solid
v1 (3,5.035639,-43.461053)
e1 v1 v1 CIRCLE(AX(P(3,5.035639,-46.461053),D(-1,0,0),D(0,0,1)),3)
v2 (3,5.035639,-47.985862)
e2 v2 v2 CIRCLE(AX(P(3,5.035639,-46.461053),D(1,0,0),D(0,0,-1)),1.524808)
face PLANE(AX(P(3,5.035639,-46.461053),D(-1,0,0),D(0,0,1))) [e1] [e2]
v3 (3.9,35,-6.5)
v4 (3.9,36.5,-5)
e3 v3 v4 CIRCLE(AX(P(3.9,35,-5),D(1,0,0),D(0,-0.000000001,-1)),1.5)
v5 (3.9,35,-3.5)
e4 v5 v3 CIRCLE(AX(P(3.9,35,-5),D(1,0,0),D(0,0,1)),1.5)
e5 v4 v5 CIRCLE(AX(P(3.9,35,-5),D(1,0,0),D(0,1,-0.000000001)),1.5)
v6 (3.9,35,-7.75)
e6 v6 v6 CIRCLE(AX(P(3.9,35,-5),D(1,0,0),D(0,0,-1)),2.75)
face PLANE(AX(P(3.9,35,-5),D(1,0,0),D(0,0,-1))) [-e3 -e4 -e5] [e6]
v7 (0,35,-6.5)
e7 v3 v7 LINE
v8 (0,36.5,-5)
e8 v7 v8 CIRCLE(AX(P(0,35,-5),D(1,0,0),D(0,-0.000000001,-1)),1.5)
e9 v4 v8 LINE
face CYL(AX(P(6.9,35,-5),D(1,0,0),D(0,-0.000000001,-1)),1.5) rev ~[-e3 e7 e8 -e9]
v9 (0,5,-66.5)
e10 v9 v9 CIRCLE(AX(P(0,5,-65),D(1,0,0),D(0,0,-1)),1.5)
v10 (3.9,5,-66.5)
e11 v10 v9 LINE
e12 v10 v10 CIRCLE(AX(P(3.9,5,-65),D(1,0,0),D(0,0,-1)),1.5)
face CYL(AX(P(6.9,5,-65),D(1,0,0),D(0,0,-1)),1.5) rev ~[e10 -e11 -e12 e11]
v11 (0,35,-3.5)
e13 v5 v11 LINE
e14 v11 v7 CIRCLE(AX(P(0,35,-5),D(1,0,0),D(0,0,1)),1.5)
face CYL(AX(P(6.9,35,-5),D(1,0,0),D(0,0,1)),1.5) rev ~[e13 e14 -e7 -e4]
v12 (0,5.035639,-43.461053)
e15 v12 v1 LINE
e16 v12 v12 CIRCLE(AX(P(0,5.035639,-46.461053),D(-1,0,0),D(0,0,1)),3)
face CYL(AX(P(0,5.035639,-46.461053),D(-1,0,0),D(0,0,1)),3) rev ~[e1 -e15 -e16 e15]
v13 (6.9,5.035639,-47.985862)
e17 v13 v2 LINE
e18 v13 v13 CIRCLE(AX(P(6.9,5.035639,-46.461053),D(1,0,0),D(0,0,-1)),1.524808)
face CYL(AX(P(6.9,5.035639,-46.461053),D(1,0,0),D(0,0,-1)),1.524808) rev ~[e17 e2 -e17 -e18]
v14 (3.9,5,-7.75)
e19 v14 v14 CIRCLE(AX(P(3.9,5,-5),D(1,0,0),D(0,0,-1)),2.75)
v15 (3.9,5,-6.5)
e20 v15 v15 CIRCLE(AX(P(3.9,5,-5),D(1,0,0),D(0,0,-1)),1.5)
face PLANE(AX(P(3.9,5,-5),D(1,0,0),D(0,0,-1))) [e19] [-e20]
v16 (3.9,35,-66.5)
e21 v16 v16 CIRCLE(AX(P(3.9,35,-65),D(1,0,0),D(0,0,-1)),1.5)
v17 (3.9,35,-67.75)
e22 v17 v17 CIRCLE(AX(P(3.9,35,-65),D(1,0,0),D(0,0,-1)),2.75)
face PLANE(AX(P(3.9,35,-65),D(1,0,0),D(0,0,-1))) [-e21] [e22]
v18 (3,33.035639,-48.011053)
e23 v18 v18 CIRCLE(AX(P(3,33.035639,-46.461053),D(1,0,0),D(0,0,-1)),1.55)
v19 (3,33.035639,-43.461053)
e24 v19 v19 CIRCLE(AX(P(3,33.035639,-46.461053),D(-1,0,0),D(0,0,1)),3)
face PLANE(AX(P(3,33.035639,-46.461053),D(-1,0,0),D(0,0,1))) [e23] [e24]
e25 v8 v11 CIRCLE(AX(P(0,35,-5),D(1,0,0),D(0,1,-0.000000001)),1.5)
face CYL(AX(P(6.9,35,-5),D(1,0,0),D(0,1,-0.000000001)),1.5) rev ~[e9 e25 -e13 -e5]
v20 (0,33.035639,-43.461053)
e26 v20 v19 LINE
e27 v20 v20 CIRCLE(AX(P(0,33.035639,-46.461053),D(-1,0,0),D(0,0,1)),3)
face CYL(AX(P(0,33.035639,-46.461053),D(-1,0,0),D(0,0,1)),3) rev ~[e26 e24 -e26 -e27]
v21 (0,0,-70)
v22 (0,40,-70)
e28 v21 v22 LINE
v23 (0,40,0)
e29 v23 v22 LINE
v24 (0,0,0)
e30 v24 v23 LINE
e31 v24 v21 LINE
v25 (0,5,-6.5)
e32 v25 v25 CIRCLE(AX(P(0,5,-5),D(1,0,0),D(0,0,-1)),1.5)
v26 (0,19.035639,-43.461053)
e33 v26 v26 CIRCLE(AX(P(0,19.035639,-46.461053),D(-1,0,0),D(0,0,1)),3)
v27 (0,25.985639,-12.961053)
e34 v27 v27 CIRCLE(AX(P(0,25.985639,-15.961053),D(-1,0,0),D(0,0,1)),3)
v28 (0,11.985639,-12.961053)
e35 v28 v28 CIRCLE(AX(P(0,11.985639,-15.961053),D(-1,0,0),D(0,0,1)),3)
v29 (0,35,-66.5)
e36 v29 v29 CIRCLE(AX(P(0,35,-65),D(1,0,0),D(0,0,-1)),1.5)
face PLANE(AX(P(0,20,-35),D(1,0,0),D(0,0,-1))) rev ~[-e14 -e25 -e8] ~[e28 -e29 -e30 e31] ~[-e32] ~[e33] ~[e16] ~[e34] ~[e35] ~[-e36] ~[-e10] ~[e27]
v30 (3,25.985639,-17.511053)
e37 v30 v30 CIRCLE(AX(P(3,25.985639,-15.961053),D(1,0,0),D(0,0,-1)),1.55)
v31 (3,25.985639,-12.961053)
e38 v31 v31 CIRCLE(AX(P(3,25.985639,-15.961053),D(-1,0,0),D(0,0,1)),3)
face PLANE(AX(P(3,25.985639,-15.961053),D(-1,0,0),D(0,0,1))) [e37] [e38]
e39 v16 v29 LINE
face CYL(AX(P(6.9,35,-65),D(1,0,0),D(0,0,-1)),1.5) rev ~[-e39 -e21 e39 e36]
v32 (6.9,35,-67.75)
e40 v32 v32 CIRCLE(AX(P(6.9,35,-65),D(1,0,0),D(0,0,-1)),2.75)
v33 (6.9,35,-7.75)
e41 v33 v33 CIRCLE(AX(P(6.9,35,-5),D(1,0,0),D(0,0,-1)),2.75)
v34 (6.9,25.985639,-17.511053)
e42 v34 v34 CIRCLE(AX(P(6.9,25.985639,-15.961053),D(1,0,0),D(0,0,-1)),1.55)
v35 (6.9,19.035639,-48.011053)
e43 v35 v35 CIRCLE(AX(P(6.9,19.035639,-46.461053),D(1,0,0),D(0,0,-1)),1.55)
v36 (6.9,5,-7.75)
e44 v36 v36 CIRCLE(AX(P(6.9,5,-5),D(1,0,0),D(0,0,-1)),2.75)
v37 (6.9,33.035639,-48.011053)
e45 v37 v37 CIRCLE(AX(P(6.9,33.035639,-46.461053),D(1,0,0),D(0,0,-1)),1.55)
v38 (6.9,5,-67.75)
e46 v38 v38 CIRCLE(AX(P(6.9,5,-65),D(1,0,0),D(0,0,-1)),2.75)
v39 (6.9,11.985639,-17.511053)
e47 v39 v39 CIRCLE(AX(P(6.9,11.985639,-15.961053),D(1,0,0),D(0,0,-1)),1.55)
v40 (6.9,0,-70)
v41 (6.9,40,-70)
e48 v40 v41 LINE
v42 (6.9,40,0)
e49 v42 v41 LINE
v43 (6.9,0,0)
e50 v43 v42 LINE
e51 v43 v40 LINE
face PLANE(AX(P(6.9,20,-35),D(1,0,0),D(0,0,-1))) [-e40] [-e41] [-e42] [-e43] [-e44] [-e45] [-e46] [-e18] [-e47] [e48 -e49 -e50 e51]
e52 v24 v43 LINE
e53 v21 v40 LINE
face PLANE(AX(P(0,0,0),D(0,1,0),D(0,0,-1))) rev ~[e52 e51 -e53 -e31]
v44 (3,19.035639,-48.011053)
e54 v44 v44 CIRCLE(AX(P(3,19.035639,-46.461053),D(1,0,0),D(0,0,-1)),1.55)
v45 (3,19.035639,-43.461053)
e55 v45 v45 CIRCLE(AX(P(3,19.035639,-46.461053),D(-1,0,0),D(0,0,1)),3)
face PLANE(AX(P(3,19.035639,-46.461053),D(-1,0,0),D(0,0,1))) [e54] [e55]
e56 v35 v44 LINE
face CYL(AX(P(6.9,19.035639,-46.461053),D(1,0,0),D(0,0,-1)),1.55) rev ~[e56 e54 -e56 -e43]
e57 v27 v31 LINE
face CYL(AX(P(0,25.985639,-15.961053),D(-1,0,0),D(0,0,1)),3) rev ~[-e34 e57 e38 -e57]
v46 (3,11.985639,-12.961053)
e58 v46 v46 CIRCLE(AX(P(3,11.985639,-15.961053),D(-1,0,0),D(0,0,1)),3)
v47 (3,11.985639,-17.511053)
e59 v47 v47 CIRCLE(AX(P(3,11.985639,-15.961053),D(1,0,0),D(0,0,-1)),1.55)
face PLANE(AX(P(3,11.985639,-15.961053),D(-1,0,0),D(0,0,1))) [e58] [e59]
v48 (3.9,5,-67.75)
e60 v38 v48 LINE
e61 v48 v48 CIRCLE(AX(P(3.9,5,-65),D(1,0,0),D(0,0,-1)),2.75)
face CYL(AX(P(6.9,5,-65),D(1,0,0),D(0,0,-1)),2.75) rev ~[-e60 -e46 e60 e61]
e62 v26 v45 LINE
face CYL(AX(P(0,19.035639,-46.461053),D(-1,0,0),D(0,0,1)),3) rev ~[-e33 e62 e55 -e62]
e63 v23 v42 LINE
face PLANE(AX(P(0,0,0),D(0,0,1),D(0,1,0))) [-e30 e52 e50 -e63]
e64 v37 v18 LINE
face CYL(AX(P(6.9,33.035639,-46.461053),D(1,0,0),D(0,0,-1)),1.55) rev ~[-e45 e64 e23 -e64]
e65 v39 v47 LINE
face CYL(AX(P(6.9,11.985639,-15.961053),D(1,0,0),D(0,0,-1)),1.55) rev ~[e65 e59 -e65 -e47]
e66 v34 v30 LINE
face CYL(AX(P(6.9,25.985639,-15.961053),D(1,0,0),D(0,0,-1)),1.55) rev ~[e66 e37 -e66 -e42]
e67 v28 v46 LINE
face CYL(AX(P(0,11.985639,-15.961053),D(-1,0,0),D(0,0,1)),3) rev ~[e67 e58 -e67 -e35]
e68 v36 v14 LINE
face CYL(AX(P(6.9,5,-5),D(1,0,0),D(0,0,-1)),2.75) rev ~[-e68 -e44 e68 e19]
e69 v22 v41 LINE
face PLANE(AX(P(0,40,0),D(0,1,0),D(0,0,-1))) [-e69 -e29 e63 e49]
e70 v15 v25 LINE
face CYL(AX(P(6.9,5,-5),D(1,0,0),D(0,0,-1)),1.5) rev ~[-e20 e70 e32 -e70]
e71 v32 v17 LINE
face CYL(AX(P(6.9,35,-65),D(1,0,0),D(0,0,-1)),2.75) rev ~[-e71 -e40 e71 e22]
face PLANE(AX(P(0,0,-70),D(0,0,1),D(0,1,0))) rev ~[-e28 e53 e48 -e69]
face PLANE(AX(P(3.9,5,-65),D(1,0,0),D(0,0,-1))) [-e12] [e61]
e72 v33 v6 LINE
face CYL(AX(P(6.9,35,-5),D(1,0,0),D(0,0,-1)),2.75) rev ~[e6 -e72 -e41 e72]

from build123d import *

# Parameters (mm, degrees)
SKETCH_1_W          = 70
SKETCH_1_H          = 40
EXTRUDE_3_DEPTH     = 6.9
SKETCH_2_R          = 1.5
CUT_EXTRUDE_1_DEPTH = 6.9
SKETCH_5_R          = 2.75
CUT_EXTRUDE_3_DEPTH = 3
SKETCH_6_R          = 1.52480842
SKETCH_6_R_2        = 1.55
CUT_EXTRUDE_4_DEPTH = 10
SKETCH_7_R          = 3
CUT_EXTRUDE_6_DEPTH = 3


with BuildPart() as part:
    # 草图1 → 凸台-拉伸3 (new body)
    with BuildSketch(Plane(origin=(0, 0, 0), x_dir=(0, 0, -1), z_dir=(1, 0, 0))):
        with Locations((35, 20)):
            Rectangle(SKETCH_1_W, SKETCH_1_H)
    extrude(amount=EXTRUDE_3_DEPTH)

    # 草图2 → 切除-拉伸1 (cut)
    with BuildSketch(Plane(origin=(6.9, 0, 0), x_dir=(0, 0, -1), z_dir=(1, 0, 0))):
        with BuildLine():
            ThreePointArc((6.5, 35), (6.060660172, 36.060660172), (5, 36.5))
            Line((5, 36.5), (5, 35))
            Line((5, 35), (3.5, 35))
            ThreePointArc((3.5, 35), (5, 33.5), (6.5, 35))
        make_face()
        with BuildLine():
            Line((5, 35), (5, 36.5))
            ThreePointArc((5, 36.5), (3.939339828, 36.060660172), (3.5, 35))
            Line((3.5, 35), (5, 35))
        make_face()
        with Locations((5, 5)):
            Circle(SKETCH_2_R)
        with Locations((65, 5)):
            Circle(SKETCH_2_R)
        with Locations((65, 35)):
            Circle(SKETCH_2_R)
    extrude(amount=-CUT_EXTRUDE_1_DEPTH, mode=Mode.SUBTRACT)

    # 草图5 → 切除-拉伸3 (cut)
    with BuildSketch(Plane(origin=(6.9, 0, 0), x_dir=(0, 0, -1), z_dir=(1, 0, 0))):
        with Locations((5, 35)):
            Circle(SKETCH_5_R)
        with Locations((5, 5)):
            Circle(SKETCH_5_R)
        with Locations((65, 35)):
            Circle(SKETCH_5_R)
        with Locations((65, 5)):
            Circle(SKETCH_5_R)
    extrude(amount=-CUT_EXTRUDE_3_DEPTH, mode=Mode.SUBTRACT)

    # 草图6 → 切除-拉伸4 (cut)
    with BuildSketch(Plane(origin=(6.9, 0, 0), x_dir=(0, 0, -1), z_dir=(1, 0, 0))):
        with Locations((46.461053437, 5.03563892)):
            Circle(SKETCH_6_R)
        with Locations((46.461053437, 19.03563892)):
            Circle(SKETCH_6_R_2)
        with Locations((46.461053437, 33.03563892)):
            Circle(SKETCH_6_R_2)
        with Locations((15.961053437, 25.98563892)):
            Circle(SKETCH_6_R_2)
        with Locations((15.961053437, 11.98563892)):
            Circle(SKETCH_6_R_2)
    extrude(amount=-CUT_EXTRUDE_4_DEPTH, mode=Mode.SUBTRACT)

    # 草图7 → 切除-拉伸6 (cut)
    with BuildSketch(Plane.ZY):
        with Locations((-46.461053437, 33.03563892)):
            Circle(SKETCH_7_R)
        with Locations((-46.461053437, 19.03563892)):
            Circle(SKETCH_7_R)
        with Locations((-46.461053437, 5.03563892)):
            Circle(SKETCH_7_R)
        with Locations((-15.961053437, 11.98563892)):
            Circle(SKETCH_7_R)
        with Locations((-15.961053437, 25.98563892)):
            Circle(SKETCH_7_R)
    extrude(amount=-CUT_EXTRUDE_6_DEPTH, mode=Mode.SUBTRACT)


solid = part.part
